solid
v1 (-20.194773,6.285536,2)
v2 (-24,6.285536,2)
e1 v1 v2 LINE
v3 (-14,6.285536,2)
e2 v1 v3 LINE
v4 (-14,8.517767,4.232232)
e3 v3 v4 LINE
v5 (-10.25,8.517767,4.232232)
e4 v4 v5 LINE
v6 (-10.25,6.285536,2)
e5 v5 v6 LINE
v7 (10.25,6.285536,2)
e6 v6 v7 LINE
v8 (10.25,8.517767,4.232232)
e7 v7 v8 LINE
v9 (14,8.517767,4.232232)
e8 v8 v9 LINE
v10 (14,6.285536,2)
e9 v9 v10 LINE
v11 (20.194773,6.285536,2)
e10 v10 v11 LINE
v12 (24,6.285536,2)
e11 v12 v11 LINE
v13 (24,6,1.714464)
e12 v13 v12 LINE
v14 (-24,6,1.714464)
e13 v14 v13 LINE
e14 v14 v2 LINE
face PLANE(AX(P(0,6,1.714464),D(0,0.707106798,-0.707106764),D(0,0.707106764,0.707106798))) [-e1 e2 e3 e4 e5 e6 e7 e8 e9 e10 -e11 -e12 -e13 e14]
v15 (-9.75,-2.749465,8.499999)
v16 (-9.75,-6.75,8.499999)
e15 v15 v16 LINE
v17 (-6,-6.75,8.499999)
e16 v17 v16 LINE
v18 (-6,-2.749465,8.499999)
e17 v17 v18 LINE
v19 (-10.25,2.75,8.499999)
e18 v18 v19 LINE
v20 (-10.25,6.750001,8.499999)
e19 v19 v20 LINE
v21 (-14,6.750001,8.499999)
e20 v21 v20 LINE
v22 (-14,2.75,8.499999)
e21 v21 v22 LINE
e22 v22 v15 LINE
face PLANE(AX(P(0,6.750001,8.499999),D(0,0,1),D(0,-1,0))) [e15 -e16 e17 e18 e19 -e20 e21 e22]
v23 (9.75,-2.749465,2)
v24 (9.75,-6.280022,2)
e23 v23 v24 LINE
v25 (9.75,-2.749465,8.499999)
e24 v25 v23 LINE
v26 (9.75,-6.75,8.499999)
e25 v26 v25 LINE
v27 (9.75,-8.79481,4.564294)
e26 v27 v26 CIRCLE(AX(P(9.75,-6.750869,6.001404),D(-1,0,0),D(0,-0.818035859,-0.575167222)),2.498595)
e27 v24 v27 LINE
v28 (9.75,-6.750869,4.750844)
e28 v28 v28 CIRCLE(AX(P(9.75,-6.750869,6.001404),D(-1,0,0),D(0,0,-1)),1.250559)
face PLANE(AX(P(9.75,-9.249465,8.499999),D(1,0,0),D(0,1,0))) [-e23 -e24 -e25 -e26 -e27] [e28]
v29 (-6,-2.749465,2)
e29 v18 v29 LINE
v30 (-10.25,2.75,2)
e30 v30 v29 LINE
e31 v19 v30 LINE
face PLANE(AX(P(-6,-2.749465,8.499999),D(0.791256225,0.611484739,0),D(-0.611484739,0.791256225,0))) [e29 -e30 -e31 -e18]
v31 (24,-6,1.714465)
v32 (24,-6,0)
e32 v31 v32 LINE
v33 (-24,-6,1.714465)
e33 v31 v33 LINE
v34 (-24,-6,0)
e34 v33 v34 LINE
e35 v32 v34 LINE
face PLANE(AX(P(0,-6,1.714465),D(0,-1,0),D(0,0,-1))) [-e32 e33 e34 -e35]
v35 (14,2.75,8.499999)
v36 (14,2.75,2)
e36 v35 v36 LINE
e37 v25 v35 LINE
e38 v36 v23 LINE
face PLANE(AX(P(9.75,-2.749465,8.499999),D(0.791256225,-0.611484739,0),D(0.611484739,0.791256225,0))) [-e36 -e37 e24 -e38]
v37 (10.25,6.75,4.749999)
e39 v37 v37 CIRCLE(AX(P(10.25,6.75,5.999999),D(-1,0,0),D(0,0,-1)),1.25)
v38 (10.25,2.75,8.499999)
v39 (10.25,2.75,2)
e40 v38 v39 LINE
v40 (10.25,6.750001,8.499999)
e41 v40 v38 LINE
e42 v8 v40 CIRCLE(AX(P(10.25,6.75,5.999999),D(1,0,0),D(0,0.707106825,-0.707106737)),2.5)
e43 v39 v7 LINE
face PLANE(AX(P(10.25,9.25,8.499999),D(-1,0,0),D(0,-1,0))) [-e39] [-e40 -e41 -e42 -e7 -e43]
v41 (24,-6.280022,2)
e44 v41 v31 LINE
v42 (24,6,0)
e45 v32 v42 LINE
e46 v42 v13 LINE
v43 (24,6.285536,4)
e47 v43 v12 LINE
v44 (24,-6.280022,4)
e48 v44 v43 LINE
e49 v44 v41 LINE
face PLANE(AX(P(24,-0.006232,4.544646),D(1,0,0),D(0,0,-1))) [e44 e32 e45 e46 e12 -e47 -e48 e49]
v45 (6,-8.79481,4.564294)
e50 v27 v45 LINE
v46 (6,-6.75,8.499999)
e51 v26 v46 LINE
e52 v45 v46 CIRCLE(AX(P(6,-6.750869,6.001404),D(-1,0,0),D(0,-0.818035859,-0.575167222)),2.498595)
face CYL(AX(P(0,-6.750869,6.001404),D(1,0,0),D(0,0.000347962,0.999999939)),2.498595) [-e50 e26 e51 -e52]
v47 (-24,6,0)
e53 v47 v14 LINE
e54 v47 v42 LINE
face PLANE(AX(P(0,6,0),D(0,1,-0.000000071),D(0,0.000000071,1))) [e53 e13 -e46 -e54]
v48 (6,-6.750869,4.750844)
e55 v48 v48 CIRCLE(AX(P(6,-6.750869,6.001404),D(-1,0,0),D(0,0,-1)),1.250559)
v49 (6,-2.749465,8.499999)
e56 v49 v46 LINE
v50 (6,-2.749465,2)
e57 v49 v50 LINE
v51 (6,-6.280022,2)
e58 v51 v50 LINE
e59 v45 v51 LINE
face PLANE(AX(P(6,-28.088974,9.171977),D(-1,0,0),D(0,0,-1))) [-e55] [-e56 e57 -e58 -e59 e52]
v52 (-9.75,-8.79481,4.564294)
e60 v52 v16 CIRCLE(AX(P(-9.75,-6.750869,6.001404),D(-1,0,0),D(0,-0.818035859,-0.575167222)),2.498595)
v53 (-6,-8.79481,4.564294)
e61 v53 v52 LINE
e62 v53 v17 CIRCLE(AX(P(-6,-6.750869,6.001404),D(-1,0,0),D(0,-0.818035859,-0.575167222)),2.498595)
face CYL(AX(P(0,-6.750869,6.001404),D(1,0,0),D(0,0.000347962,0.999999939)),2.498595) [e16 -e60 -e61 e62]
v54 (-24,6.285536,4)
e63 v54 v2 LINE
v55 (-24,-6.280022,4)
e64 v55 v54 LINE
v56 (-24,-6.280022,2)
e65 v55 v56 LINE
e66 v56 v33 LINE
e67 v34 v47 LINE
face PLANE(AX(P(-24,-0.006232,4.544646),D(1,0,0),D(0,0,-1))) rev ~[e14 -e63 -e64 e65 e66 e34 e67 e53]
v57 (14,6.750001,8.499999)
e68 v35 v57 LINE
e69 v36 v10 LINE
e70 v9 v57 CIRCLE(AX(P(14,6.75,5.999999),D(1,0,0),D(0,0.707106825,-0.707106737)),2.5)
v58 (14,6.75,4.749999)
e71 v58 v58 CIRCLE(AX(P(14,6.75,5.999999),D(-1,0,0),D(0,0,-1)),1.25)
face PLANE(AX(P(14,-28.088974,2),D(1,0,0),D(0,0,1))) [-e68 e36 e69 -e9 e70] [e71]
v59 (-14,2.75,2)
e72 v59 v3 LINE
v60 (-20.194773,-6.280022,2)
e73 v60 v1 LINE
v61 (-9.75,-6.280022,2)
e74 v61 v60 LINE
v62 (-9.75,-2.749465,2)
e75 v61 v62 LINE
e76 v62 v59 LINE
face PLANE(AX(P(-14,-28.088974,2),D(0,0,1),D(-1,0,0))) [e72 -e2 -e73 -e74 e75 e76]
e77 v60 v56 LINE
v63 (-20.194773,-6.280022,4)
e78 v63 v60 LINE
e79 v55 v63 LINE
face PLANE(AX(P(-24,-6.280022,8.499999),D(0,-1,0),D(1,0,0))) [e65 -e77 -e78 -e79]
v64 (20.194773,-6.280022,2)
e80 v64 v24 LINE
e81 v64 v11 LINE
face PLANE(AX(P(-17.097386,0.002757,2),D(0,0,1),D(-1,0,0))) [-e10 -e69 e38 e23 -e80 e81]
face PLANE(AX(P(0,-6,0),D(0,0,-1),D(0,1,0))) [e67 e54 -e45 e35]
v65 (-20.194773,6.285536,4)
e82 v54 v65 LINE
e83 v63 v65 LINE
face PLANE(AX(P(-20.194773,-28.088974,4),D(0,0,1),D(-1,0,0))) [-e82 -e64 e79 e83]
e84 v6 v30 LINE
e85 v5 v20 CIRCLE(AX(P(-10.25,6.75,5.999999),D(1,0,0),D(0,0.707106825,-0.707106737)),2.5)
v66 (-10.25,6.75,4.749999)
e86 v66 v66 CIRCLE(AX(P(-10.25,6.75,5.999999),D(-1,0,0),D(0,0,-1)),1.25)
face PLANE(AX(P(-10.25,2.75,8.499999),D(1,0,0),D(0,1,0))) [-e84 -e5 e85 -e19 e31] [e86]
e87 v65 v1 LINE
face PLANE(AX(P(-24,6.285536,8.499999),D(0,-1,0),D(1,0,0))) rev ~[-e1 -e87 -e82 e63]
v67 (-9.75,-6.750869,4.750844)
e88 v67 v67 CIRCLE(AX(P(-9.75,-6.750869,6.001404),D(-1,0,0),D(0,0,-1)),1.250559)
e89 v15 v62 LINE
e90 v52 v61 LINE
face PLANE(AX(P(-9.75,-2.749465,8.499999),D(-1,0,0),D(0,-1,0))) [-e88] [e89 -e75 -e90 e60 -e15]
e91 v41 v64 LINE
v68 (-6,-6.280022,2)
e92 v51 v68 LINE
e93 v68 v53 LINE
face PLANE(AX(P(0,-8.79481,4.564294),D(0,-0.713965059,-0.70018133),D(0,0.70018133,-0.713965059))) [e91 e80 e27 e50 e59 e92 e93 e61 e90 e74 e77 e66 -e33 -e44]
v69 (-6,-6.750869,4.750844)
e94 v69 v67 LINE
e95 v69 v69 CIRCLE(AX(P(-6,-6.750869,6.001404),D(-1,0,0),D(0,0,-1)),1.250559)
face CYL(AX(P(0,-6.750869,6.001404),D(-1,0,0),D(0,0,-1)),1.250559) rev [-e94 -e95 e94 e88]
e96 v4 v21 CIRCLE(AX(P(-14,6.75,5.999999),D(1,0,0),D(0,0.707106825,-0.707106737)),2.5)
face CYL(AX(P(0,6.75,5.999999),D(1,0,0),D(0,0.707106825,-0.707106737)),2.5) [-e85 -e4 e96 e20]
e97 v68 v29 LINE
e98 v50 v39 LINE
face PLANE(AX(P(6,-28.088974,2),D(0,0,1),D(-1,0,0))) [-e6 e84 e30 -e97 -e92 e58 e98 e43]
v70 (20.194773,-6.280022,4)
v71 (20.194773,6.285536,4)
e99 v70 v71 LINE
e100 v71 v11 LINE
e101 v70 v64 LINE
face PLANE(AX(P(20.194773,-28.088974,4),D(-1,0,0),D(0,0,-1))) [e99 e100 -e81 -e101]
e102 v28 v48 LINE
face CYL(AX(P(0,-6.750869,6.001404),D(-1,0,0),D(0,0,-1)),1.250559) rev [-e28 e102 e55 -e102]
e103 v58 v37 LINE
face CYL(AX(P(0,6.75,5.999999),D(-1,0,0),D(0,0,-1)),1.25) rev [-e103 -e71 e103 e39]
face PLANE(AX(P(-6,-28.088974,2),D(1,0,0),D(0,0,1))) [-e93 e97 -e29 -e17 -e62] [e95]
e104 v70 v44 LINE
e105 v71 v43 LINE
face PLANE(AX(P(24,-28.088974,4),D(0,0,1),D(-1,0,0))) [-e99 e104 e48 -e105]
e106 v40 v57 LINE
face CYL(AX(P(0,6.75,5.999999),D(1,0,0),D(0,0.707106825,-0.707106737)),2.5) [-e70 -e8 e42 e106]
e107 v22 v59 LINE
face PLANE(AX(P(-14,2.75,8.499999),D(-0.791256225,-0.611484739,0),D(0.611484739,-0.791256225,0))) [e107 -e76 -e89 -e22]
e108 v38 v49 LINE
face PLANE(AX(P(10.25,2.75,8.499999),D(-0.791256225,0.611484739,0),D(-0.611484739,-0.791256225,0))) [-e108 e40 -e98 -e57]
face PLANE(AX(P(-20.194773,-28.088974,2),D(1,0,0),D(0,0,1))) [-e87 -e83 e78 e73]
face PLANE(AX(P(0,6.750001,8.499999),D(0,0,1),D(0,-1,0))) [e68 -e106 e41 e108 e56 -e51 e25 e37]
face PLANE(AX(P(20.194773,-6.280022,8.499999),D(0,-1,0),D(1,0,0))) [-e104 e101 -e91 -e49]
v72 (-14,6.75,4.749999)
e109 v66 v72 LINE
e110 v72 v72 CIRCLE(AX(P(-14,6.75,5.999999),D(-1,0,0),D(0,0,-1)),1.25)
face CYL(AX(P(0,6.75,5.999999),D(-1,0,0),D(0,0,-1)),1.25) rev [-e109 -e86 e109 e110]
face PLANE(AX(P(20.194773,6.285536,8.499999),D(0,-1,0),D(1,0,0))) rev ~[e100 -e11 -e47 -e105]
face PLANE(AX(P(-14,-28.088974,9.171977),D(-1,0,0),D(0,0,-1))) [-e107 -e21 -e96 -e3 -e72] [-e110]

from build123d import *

# Parameters (mm, degrees)
ESBO_O9_R                         = 1.250000058
ESBO_O9_R_2                       = 1.250559391
RESSALTO_EXTRUS_O2_DEPTH          = 24
CORTE_EXTRUS_O5_DEPTH             = 28.088973642
CORTE_EXTRUS_O5_DEPTH_BACK        = 28.088973642
ESBO_O12_OUTSIDE_W                = 60.428
ESBO_O12_OUTSIDE_H                = 20.928
CORTE_EXTRUS_O6_REACH             = 29.089
ESBO_O13_W                        = 3.805227374
ESBO_O13_H                        = 1.999999904
ESBO_O13_W_2                      = 36.154186404
ESBO_O13_H_2                      = 31.243547385
ESBO_O13_H_3                      = 1.961388226
CORTE_EXTRUS_O6_DIRECTION_2_DEPTH = 5000


with BuildPart() as part:
    # Esboço9 → Ressalto-extrusão2 (new, symmetric)
    with BuildSketch(Plane(origin=(0, 0, 0), x_dir=(0, 0, -1), z_dir=(1, 0, 0))):
        with BuildLine():
            Line((0, -5.999999999), (0, 5.999999999))
            Line((0, 5.999999999), (-1.714464294, 6.00000012))
            Line((-1.714464294, 6.00000012), (-4.232231545, 8.517767251))
            ThreePointArc((-4.232231545, 8.517767251), (-6.956707169, 9.059699215), (-8.499999099, 6.7500006))
            Line((-8.499999099, 6.7500006), (-8.499999099, -6.749999877))
            ThreePointArc((-8.499999099, -6.749999877), (-7.153358538, -8.968070124), (-4.564293582, -8.794809974))
            Line((-4.564293582, -8.794809974), (-1.714465141, -5.999999999))
            Line((-1.714465141, -5.999999999), (0, -5.999999999))
        make_face()
        with Locations((-5.999998683, 6.749999894)):
            Circle(ESBO_O9_R, mode=Mode.SUBTRACT)
        with Locations((-6.001403792, -6.750869293)):
            Circle(ESBO_O9_R_2, mode=Mode.SUBTRACT)
    extrude(amount=RESSALTO_EXTRUS_O2_DEPTH, both=True)

    # Esboço12 outside → Corte-extrusão5 (cut, two sides: drawn at the far end of the back side and taken through both)
    with BuildSketch(Plane(origin=(0, 0, 0), x_dir=(1, 0, 0), z_dir=(0, 1, 0)).offset(-CORTE_EXTRUS_O5_DEPTH_BACK)):
        with Locations((0, -4.25)):
            Rectangle(ESBO_O12_OUTSIDE_W, ESBO_O12_OUTSIDE_H)
        Polygon((-24, -4), (-24, 0), (24, 0), (24, -4), (20.194772626, -4), (20.194772626, -2), (14, -2), (14, -9.171977472), (6, -9.171977472), (6, -2), (-6, -2), (-6, -9.171977472), (-14, -9.171977472), (-14, -2), (-20.194772626, -2), (-20.194772626, -4), align=None, mode=Mode.SUBTRACT)
    extrude(amount=CORTE_EXTRUS_O5_DEPTH + CORTE_EXTRUS_O5_DEPTH_BACK, mode=Mode.SUBTRACT)

    # Corte-extrusão6: up to this face of the body (flat: up to its plane)
    corte_extrus_o6_end = Plane(part.part.faces().sort_by_distance((-17.097386313, 0.002756729, 2))[0])
    # Esboço13 → Corte-extrusão6 (cut, up to the picked face)
    with BuildSketch(Plane.XY.offset(8.499999099), mode=Mode.PRIVATE) as corte_extrus_o6_sk1:
        with Locations((-22.097386313, 7.285535765)):
            Rectangle(ESBO_O13_W, ESBO_O13_H)
    corte_extrus_o6_tool1 = split(extrude(corte_extrus_o6_sk1.sketch, amount=-CORTE_EXTRUS_O6_REACH, mode=Mode.PRIVATE), bisect_by=corte_extrus_o6_end, keep=Keep.BOTH, mode=Mode.PRIVATE)
    # Esboço13 → Corte-extrusão6 (cut, up to the picked face)
    with BuildSketch(Plane.XY.offset(8.499999099), mode=Mode.PRIVATE) as corte_extrus_o6_sk2:
        with Locations((-0.25062362, -2.463016757)):
            Rectangle(ESBO_O13_W_2, ESBO_O13_H_2)
        Polygon((-14, 9.25000031), (-14, 2.75000031), (-9.75, -2.749464751), (-9.75, -9.249464751), (-6, -9.249464751), (-6, -2.749464751), (-10.25, 2.75000031), (-10.25, 9.25000031), align=None, mode=Mode.SUBTRACT)
        Polygon((6, -2.749464751), (6, -9.249464751), (9.75, -9.249464751), (9.75, -2.749464751), (14, 2.75000031), (14, 9.25000031), (10.25, 9.25000031), (10.25, 2.75000031), align=None, mode=Mode.SUBTRACT)
    corte_extrus_o6_tool2 = split(extrude(corte_extrus_o6_sk2.sketch, amount=-CORTE_EXTRUS_O6_REACH, mode=Mode.PRIVATE), bisect_by=corte_extrus_o6_end, keep=Keep.BOTH, mode=Mode.PRIVATE)
    # Esboço13 → Corte-extrusão6 (cut, up to the picked face)
    with BuildSketch(Plane.XY.offset(8.499999099), mode=Mode.PRIVATE) as corte_extrus_o6_sk3:
        with Locations((-22.097386313, -7.260716467)):
            Rectangle(ESBO_O13_W, ESBO_O13_H_3)
    corte_extrus_o6_tool3 = split(extrude(corte_extrus_o6_sk3.sketch, amount=-CORTE_EXTRUS_O6_REACH, mode=Mode.PRIVATE), bisect_by=corte_extrus_o6_end, keep=Keep.BOTH, mode=Mode.PRIVATE)
    # Esboço13 → Corte-extrusão6 (cut, up to the picked face)
    with BuildSketch(Plane.XY.offset(8.499999099), mode=Mode.PRIVATE) as corte_extrus_o6_sk4:
        with Locations((22.097386313, 7.285535765)):
            Rectangle(ESBO_O13_W, ESBO_O13_H)
    corte_extrus_o6_tool4 = split(extrude(corte_extrus_o6_sk4.sketch, amount=-CORTE_EXTRUS_O6_REACH, mode=Mode.PRIVATE), bisect_by=corte_extrus_o6_end, keep=Keep.BOTH, mode=Mode.PRIVATE)
    # Esboço13 → Corte-extrusão6 (cut, up to the picked face)
    with BuildSketch(Plane.XY.offset(8.499999099), mode=Mode.PRIVATE) as corte_extrus_o6_sk5:
        with Locations((22.097386313, -7.260716467)):
            Rectangle(ESBO_O13_W, ESBO_O13_H_3)
    corte_extrus_o6_tool5 = split(extrude(corte_extrus_o6_sk5.sketch, amount=-CORTE_EXTRUS_O6_REACH, mode=Mode.PRIVATE), bisect_by=corte_extrus_o6_end, keep=Keep.BOTH, mode=Mode.PRIVATE)
    add(corte_extrus_o6_tool1.solids().sort_by(Axis((-22.097386, 7.285536, 8.499999), (0, 0, -1)))[0], mode=Mode.SUBTRACT)
    add(corte_extrus_o6_tool2.solids().sort_by(Axis((-0.285718, -2.807947, 8.499999), (0, 0, -1)))[0], mode=Mode.SUBTRACT)
    add(corte_extrus_o6_tool3.solids().sort_by(Axis((-22.097386, -7.260716, 8.499999), (0, 0, -1)))[0], mode=Mode.SUBTRACT)
    add(corte_extrus_o6_tool4.solids().sort_by(Axis((22.097386, 7.285536, 8.499999), (0, 0, -1)))[0], mode=Mode.SUBTRACT)
    add(corte_extrus_o6_tool5.solids().sort_by(Axis((22.097386, -7.260716, 8.499999), (0, 0, -1)))[0], mode=Mode.SUBTRACT)

    # Esboço13 → Corte-extrusão6 direction 2 (cut)
    # profile 1 of 5: a face of its own
    with BuildSketch(Plane.XY.offset(8.499999099)):
        with Locations((-22.097386313, 7.285535765)):
            Rectangle(ESBO_O13_W, ESBO_O13_H)
    # profile 2 of 5: a face of its own
    with BuildSketch(Plane.XY.offset(8.499999099)):
        with Locations((-0.25062362, -2.463016757)):
            Rectangle(ESBO_O13_W_2, ESBO_O13_H_2)
        Polygon((-14, 9.25000031), (-14, 2.75000031), (-9.75, -2.749464751), (-9.75, -9.249464751), (-6, -9.249464751), (-6, -2.749464751), (-10.25, 2.75000031), (-10.25, 9.25000031), align=None, mode=Mode.SUBTRACT)
        Polygon((6, -2.749464751), (6, -9.249464751), (9.75, -9.249464751), (9.75, -2.749464751), (14, 2.75000031), (14, 9.25000031), (10.25, 9.25000031), (10.25, 2.75000031), align=None, mode=Mode.SUBTRACT)
    # profile 3 of 5: a face of its own
    with BuildSketch(Plane.XY.offset(8.499999099)):
        with Locations((-22.097386313, -7.260716467)):
            Rectangle(ESBO_O13_W, ESBO_O13_H_3)
    # profile 4 of 5: a face of its own
    with BuildSketch(Plane.XY.offset(8.499999099)):
        with Locations((22.097386313, 7.285535765)):
            Rectangle(ESBO_O13_W, ESBO_O13_H)
    # profile 5 of 5: a face of its own
    with BuildSketch(Plane.XY.offset(8.499999099)):
        with Locations((22.097386313, -7.260716467)):
            Rectangle(ESBO_O13_W, ESBO_O13_H_3)
    extrude(amount=CORTE_EXTRUS_O6_DIRECTION_2_DEPTH, mode=Mode.SUBTRACT)


solid = part.part
